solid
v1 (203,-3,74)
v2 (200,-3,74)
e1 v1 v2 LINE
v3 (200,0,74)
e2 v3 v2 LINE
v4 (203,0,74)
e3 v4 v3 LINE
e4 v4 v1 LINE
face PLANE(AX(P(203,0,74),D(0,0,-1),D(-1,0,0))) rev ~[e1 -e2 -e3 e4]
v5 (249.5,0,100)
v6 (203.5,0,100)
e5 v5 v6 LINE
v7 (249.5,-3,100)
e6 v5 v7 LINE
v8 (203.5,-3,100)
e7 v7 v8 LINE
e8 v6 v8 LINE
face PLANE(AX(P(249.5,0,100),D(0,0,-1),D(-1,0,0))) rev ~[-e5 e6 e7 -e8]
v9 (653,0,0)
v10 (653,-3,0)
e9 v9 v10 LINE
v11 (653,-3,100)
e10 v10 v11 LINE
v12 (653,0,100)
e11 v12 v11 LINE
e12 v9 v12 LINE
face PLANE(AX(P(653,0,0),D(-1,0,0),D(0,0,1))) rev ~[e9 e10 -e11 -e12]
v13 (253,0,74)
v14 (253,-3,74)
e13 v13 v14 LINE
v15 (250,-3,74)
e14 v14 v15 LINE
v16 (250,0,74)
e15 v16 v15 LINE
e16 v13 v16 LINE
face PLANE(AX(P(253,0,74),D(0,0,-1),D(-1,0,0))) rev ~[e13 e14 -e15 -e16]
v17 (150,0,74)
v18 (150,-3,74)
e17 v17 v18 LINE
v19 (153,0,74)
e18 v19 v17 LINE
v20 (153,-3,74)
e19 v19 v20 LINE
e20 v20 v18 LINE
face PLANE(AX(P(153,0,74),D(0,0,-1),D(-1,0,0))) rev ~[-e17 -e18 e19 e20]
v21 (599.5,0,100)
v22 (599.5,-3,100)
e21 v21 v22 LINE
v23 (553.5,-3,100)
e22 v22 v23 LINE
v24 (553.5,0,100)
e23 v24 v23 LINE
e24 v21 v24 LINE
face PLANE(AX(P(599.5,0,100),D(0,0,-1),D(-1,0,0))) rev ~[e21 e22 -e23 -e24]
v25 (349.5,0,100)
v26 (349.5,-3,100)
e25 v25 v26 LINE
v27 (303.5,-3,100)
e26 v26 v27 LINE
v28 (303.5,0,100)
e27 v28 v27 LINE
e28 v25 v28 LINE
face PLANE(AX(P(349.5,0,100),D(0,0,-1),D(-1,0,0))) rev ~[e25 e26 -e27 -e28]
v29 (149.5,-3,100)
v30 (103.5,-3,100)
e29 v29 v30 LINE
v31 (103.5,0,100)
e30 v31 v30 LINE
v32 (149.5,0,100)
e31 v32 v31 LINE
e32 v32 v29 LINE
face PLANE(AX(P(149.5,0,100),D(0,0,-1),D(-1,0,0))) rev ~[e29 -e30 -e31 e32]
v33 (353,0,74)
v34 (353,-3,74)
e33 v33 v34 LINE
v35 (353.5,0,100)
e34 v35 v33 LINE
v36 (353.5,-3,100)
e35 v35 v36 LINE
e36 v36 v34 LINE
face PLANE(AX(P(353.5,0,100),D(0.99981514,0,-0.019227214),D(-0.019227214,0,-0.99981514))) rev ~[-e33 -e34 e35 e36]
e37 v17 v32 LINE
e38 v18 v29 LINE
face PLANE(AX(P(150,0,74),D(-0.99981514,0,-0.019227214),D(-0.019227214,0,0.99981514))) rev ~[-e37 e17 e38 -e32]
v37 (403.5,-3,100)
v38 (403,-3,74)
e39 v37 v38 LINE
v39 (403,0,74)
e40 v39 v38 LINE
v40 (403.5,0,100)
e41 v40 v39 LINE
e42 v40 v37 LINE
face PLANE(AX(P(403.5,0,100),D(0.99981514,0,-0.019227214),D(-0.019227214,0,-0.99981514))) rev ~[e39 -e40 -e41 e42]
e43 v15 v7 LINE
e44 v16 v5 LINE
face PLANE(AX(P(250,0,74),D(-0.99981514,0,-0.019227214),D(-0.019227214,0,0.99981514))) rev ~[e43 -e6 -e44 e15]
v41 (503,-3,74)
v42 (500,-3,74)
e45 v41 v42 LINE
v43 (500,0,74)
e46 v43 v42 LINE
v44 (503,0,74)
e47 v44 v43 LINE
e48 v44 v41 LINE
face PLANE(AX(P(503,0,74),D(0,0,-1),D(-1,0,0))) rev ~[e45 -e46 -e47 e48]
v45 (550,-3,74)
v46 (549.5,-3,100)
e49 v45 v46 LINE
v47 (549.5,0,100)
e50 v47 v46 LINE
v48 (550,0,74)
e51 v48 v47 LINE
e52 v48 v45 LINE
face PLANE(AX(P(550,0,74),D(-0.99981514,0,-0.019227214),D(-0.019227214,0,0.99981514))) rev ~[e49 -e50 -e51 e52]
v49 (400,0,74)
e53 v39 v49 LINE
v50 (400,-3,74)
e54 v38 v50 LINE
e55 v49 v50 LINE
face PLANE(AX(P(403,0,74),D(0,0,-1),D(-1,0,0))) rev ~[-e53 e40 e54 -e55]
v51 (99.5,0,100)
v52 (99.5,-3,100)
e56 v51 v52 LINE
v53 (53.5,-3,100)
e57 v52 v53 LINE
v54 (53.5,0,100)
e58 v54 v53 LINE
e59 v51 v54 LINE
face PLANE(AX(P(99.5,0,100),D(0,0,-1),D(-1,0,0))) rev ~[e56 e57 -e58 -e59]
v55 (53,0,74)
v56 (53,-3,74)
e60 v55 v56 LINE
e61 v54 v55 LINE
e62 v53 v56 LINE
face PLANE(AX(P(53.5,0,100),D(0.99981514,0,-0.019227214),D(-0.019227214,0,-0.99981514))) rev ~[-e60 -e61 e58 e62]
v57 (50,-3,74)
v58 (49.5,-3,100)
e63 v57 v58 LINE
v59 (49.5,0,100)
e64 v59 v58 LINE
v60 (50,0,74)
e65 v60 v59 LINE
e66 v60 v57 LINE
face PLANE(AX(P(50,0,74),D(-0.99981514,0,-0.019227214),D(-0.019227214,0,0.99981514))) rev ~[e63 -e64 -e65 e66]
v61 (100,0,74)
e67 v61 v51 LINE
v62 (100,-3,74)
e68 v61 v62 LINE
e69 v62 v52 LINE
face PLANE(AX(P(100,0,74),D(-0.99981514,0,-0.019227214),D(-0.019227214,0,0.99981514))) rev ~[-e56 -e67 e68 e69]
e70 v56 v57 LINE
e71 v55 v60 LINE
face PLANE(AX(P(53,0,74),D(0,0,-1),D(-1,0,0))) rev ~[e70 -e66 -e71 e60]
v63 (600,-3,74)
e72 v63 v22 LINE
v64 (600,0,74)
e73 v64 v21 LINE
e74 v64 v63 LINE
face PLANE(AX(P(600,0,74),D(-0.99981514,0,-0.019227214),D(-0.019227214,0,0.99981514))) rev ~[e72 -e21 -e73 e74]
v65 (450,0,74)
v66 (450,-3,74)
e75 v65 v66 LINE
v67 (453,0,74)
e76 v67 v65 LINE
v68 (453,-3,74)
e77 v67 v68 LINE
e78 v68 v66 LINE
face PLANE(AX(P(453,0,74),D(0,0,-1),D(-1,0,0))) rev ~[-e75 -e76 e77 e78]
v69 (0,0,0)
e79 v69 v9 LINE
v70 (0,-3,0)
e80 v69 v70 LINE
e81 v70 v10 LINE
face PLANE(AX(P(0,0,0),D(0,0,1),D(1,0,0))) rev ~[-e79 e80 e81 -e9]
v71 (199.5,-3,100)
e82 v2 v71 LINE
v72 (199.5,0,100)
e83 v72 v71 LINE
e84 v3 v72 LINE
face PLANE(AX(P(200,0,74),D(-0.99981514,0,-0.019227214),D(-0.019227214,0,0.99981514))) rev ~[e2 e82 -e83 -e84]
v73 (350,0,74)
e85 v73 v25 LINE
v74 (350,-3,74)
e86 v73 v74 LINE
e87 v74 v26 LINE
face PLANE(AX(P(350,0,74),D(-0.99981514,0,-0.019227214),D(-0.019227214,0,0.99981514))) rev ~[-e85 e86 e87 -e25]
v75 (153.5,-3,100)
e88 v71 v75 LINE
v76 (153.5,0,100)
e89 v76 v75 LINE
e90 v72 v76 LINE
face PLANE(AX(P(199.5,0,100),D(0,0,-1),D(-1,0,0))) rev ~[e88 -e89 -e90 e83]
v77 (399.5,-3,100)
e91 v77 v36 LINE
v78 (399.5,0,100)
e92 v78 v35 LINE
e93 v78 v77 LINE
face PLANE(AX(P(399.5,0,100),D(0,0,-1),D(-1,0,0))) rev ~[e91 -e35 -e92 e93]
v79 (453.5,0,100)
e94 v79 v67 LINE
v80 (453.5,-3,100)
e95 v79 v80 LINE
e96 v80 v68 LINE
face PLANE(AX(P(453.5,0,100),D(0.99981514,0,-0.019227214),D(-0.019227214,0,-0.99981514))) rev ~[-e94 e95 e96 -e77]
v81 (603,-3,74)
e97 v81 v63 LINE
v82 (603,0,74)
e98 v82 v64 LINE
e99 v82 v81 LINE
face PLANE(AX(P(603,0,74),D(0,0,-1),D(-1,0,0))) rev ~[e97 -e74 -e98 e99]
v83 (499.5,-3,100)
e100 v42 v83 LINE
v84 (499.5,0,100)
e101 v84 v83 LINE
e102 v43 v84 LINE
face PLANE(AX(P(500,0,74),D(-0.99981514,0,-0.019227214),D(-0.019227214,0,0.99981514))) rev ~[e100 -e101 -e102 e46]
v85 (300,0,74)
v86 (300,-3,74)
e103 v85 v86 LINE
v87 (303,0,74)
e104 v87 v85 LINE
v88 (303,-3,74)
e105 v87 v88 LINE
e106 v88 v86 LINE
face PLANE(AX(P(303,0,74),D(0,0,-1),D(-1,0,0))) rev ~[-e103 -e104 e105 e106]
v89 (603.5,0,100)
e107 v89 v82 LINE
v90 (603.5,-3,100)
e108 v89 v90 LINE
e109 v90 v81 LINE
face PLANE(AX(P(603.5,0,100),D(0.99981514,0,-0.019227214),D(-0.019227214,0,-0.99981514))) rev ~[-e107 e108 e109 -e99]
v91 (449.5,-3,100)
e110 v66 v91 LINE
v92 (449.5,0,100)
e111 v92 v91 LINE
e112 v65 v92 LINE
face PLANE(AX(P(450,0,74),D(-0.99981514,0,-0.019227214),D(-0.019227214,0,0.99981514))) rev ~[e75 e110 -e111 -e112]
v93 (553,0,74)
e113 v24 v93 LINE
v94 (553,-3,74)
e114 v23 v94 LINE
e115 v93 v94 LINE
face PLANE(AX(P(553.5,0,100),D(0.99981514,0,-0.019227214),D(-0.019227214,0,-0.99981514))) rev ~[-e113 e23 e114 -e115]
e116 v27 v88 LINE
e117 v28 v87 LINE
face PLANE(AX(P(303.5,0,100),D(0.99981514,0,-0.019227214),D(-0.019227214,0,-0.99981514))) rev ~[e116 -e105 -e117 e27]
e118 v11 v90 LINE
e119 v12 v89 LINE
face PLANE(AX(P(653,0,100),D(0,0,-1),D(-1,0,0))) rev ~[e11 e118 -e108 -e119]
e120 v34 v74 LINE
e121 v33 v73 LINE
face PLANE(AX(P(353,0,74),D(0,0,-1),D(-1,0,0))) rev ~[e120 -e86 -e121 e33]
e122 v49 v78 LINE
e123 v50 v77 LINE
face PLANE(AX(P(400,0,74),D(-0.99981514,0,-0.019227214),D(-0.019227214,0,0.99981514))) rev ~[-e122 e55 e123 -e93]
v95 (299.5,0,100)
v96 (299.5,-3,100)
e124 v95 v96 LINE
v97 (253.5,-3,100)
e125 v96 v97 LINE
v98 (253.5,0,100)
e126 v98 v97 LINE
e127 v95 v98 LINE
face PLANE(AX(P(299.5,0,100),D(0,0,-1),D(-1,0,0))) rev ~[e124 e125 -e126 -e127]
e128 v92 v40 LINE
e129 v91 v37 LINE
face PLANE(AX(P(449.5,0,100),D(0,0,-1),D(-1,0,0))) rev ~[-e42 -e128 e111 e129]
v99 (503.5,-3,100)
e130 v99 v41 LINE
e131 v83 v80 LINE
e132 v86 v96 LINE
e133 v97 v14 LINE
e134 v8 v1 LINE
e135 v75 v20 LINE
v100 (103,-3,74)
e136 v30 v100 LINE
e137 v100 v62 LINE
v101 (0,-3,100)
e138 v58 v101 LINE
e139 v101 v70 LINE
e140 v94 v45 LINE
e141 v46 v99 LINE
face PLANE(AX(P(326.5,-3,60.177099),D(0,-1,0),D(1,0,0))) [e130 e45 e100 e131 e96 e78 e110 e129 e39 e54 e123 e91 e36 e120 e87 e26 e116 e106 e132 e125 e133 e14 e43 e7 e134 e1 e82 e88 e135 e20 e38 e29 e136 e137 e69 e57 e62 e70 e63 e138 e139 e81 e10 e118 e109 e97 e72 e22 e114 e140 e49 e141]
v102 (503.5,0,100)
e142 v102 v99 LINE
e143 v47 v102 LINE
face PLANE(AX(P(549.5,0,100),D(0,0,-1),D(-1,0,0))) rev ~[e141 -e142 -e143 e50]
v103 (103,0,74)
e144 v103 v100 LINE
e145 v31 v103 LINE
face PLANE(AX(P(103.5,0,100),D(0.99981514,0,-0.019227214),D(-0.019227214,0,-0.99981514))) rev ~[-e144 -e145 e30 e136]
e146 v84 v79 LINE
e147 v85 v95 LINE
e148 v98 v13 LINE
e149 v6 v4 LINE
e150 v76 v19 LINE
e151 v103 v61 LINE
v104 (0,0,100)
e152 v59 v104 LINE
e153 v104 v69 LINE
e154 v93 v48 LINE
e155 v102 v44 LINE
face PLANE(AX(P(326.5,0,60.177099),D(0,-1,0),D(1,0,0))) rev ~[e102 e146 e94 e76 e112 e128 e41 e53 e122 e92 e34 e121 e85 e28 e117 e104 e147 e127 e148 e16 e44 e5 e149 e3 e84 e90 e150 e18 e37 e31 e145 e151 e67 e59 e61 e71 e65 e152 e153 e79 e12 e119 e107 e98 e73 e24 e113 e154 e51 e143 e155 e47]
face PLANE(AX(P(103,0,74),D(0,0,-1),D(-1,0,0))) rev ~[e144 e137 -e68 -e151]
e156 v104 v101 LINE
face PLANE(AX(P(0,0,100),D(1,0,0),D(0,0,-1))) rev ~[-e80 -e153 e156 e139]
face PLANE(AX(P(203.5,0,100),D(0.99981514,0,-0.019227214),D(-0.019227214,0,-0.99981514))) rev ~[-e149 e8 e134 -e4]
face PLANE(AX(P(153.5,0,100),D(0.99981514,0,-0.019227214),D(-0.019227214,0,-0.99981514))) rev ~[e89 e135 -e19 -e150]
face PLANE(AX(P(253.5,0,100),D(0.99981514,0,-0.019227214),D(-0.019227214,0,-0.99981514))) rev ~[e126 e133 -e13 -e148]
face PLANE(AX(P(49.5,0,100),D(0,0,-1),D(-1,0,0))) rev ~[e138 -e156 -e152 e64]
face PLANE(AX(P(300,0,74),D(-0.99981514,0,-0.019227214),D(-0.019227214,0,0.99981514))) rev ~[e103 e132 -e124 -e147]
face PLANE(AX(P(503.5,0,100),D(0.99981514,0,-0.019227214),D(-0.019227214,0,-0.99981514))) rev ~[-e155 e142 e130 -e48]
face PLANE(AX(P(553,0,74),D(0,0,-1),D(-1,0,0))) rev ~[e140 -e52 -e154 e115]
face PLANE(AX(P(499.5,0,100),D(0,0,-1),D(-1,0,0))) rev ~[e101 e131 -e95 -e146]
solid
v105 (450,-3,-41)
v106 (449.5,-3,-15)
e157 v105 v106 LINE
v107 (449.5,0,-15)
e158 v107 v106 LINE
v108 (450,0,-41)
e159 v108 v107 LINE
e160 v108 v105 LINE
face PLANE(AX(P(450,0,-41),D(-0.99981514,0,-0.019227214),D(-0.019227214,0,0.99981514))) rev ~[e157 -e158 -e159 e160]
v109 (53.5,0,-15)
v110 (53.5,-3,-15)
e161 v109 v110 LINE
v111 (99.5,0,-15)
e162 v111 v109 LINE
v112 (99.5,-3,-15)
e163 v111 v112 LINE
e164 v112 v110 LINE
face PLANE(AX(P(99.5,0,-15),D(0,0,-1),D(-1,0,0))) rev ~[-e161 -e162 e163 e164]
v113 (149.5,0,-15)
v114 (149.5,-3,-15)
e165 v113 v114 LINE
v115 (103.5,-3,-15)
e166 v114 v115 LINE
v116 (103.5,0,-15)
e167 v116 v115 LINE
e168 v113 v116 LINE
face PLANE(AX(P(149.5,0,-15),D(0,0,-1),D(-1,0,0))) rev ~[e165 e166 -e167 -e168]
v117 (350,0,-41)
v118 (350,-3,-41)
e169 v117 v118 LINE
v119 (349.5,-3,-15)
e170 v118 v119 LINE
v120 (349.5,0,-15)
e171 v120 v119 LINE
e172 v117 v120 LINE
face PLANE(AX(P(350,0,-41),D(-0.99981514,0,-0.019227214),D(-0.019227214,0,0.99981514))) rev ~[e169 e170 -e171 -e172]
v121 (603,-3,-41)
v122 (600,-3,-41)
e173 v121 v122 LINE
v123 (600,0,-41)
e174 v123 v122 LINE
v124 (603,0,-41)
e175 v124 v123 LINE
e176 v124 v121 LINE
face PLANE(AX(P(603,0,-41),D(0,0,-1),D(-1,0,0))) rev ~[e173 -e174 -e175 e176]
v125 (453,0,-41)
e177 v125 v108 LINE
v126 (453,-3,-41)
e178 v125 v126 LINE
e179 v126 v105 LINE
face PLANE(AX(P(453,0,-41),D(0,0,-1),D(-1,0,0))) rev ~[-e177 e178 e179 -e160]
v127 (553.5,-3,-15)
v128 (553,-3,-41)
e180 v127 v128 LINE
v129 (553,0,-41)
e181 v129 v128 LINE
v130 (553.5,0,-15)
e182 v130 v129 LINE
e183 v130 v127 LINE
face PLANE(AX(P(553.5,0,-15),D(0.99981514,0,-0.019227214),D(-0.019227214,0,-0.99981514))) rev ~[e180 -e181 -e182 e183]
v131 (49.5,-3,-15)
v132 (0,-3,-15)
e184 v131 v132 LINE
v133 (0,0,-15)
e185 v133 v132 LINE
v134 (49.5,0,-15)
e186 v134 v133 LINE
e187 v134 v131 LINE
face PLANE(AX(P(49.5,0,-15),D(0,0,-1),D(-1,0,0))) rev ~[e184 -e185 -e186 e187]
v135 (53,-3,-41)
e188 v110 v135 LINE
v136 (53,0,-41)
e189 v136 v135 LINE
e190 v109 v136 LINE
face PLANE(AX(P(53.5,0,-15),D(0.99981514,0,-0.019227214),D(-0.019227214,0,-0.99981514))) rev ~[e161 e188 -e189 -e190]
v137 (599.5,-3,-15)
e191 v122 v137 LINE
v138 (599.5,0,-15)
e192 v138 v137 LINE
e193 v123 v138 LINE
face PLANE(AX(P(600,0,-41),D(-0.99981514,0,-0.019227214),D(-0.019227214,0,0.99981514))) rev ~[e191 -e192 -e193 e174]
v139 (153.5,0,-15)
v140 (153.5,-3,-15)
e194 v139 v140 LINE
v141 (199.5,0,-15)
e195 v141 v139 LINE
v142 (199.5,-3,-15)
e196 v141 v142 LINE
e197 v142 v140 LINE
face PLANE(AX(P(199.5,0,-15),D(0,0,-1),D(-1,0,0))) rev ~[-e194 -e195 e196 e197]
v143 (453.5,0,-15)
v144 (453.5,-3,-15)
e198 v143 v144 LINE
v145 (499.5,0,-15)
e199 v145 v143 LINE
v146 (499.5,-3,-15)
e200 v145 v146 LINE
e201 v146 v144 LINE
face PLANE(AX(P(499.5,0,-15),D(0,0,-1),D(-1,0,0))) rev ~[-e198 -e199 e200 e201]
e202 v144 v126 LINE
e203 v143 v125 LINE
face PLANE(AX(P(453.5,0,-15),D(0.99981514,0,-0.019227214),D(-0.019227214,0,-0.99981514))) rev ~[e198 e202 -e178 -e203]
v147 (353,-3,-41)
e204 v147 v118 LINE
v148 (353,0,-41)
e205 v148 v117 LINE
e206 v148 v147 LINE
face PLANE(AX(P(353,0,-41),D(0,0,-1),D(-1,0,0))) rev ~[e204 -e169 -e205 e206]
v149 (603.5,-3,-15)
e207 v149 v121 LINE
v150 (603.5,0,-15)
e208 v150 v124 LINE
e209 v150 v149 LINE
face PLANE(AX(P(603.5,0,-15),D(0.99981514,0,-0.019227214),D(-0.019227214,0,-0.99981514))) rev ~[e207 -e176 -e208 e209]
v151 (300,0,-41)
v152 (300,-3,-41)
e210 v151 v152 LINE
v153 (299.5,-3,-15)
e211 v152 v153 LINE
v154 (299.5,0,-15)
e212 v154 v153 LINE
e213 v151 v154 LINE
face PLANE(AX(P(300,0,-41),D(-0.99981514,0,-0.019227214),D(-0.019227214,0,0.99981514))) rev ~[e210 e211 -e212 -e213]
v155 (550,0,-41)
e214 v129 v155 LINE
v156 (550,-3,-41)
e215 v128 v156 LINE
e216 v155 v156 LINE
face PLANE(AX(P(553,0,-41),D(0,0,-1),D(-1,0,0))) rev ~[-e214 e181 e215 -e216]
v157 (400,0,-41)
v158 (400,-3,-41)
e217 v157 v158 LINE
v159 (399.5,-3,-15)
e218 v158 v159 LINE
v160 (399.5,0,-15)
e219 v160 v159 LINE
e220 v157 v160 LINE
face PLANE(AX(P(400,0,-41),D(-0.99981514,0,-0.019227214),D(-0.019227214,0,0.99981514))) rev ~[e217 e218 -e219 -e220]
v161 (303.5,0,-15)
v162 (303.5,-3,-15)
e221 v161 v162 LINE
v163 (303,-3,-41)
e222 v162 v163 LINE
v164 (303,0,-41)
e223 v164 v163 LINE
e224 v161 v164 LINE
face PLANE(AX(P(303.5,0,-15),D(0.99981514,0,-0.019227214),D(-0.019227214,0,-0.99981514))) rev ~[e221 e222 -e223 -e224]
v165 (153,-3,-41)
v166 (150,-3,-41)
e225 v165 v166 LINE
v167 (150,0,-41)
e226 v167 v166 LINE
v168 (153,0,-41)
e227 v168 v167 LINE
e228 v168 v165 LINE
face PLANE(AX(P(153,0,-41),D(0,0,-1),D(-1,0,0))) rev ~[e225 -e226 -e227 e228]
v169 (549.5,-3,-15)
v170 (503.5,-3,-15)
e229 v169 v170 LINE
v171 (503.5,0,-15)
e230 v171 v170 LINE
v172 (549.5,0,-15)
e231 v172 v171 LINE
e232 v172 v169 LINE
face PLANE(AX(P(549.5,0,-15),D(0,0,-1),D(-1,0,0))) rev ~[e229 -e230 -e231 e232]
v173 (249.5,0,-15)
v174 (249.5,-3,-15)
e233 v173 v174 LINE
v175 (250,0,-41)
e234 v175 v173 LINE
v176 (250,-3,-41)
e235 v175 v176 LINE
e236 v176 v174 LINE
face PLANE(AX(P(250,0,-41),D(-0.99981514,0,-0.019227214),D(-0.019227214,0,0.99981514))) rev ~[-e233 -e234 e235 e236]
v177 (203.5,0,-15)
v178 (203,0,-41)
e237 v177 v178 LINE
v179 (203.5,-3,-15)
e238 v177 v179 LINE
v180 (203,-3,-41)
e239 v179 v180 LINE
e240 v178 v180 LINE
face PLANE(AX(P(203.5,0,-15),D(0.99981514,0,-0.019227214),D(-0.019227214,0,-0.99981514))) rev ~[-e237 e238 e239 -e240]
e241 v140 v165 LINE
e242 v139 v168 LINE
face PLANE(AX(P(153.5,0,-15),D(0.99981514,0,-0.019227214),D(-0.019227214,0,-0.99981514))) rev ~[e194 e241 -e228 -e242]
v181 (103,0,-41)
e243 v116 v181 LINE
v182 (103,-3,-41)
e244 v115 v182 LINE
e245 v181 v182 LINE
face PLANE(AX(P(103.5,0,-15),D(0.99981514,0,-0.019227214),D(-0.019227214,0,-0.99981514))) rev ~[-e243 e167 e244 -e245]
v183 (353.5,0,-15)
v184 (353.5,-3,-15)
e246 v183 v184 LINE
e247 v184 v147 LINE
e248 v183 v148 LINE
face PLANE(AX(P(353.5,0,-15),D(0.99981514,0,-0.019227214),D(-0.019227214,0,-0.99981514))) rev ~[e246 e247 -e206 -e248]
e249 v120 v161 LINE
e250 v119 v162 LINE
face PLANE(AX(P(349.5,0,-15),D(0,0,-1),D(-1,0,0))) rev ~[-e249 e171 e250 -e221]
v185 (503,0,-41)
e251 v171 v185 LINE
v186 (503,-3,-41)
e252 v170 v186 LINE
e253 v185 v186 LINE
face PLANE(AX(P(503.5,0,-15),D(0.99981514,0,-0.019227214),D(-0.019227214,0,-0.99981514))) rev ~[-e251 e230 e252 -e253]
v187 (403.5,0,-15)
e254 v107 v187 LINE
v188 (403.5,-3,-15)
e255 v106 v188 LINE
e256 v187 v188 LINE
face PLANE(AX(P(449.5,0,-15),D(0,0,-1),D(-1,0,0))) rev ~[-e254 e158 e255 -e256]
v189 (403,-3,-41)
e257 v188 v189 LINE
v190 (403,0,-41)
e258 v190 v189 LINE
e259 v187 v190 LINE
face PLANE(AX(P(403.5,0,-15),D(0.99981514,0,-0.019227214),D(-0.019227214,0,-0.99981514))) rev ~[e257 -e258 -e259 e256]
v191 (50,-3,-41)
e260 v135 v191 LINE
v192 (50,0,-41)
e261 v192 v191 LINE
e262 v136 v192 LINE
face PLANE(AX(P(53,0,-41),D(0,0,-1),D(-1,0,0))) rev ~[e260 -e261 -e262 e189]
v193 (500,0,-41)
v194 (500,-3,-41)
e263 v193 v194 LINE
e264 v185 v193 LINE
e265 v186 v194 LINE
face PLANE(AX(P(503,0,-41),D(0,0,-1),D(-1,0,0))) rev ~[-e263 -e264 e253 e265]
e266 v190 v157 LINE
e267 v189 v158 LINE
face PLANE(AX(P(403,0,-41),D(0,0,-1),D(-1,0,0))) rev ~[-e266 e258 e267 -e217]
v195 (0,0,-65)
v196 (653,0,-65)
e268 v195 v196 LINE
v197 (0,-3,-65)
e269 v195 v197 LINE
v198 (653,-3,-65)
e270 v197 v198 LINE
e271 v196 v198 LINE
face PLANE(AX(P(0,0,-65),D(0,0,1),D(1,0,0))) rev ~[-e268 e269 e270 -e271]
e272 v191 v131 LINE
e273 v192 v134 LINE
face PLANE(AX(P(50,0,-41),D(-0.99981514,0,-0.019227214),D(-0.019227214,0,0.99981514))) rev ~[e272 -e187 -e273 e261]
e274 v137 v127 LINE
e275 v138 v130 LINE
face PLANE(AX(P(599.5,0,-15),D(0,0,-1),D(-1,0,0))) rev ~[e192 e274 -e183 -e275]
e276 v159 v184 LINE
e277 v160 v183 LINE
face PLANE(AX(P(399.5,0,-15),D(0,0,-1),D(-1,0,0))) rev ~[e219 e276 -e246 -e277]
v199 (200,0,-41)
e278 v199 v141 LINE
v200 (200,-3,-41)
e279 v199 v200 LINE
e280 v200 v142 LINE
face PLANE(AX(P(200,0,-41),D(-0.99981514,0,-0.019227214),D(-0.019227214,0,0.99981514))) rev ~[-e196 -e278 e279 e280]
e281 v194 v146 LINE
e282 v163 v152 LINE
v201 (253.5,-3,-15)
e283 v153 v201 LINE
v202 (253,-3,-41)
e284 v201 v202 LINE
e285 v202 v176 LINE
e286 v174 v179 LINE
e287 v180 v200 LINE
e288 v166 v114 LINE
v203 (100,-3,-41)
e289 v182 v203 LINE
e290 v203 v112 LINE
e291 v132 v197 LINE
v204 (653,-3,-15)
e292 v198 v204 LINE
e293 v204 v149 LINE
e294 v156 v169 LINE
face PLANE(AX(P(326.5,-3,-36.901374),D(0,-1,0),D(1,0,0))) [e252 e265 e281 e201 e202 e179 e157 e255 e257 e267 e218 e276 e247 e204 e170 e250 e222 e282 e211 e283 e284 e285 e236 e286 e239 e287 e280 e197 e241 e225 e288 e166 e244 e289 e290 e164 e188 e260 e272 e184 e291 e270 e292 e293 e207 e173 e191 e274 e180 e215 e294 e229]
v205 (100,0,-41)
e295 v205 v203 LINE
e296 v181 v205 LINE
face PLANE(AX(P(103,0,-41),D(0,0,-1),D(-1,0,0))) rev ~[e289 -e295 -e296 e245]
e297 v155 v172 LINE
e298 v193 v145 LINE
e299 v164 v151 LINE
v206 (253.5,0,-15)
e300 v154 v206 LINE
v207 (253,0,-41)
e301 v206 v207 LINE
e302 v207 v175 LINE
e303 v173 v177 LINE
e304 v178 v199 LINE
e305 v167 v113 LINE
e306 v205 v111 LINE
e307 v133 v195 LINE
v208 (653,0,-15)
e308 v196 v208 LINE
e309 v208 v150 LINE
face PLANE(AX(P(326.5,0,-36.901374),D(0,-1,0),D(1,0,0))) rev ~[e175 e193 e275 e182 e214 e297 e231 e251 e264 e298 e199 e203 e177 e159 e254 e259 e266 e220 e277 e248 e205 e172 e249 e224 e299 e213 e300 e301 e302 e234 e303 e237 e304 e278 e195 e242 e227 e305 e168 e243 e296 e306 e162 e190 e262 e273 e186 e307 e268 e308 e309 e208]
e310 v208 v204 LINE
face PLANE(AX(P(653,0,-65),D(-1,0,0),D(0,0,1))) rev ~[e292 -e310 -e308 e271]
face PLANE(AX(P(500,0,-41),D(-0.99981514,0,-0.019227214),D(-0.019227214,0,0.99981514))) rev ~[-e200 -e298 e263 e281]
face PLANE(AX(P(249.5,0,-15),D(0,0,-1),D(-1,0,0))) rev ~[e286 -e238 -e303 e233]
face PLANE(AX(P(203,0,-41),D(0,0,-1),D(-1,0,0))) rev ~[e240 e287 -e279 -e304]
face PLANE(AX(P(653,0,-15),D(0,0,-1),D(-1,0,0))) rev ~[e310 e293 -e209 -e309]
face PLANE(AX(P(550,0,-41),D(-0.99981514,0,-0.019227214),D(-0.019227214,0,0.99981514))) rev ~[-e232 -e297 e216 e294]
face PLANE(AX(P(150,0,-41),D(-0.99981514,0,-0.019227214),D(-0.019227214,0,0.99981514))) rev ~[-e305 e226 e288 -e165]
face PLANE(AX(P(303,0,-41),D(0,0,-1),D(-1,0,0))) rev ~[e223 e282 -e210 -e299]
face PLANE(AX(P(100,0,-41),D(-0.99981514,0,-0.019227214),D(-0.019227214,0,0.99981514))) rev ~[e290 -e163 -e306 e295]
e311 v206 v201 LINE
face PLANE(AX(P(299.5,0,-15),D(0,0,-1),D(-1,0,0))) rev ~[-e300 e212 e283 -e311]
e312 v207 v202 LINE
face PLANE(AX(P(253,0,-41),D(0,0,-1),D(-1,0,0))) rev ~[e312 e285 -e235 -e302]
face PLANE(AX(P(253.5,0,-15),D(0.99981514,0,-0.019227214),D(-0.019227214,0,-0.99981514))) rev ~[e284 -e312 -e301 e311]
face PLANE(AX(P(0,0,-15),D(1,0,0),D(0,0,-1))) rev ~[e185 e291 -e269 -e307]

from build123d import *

# Parameters (mm, degrees)
F1_DEPTH = 3
F3_DEPTH = 3


with BuildPart() as f1:
    # F0 (on Front) → F1 (new body)
    with BuildSketch(Plane.XZ):
        Polygon((0, 100), (0, 0), (653, 0), (653, 100), (603.5, 100), (603, 74), (600, 74), (599.5, 100), (553.5, 100), (553, 74), (550, 74), (549.5, 100), (503.5, 100), (503, 74), (500, 74), (499.5, 100), (453.5, 100), (453, 74), (450, 74), (449.5, 100), (403.5, 100), (403, 74), (400, 74), (399.5, 100), (353.5, 100), (353, 74), (350, 74), (349.5, 100), (303.5, 100), (303, 74), (300, 74), (299.5, 100), (253.5, 100), (253, 74), (250, 74), (249.5, 100), (203.5, 100), (203, 74), (200, 74), (199.5, 100), (153.5, 100), (153, 74), (150, 74), (149.5, 100), (103.5, 100), (103, 74), (100, 74), (99.5, 100), (53.5, 100), (53, 74), (50, 74), (49.5, 100), align=None)
    extrude(amount=F1_DEPTH)


with BuildPart() as f3:
    # F2 (on Front) → F3 (new body)
    with BuildSketch(Plane.XZ):
        Polygon((0, -15), (0, -65), (653, -65), (653, -15), (603.5, -15), (603, -41), (600, -41), (599.5, -15), (553.5, -15), (553, -41), (550, -41), (549.5, -15), (503.5, -15), (503, -41), (500, -41), (499.5, -15), (453.5, -15), (453, -41), (450, -41), (449.5, -15), (403.5, -15), (403, -41), (400, -41), (399.5, -15), (353.5, -15), (353, -41), (350, -41), (349.5, -15), (303.5, -15), (303, -41), (300, -41), (299.5, -15), (253.5, -15), (253, -41), (250, -41), (249.5, -15), (203.5, -15), (203, -41), (200, -41), (199.5, -15), (153.5, -15), (153, -41), (150, -41), (149.5, -15), (103.5, -15), (103, -41), (100, -41), (99.5, -15), (53.5, -15), (53, -41), (50, -41), (49.5, -15), align=None)
    extrude(amount=F3_DEPTH)


solid = Compound([f1.part, f3.part])
